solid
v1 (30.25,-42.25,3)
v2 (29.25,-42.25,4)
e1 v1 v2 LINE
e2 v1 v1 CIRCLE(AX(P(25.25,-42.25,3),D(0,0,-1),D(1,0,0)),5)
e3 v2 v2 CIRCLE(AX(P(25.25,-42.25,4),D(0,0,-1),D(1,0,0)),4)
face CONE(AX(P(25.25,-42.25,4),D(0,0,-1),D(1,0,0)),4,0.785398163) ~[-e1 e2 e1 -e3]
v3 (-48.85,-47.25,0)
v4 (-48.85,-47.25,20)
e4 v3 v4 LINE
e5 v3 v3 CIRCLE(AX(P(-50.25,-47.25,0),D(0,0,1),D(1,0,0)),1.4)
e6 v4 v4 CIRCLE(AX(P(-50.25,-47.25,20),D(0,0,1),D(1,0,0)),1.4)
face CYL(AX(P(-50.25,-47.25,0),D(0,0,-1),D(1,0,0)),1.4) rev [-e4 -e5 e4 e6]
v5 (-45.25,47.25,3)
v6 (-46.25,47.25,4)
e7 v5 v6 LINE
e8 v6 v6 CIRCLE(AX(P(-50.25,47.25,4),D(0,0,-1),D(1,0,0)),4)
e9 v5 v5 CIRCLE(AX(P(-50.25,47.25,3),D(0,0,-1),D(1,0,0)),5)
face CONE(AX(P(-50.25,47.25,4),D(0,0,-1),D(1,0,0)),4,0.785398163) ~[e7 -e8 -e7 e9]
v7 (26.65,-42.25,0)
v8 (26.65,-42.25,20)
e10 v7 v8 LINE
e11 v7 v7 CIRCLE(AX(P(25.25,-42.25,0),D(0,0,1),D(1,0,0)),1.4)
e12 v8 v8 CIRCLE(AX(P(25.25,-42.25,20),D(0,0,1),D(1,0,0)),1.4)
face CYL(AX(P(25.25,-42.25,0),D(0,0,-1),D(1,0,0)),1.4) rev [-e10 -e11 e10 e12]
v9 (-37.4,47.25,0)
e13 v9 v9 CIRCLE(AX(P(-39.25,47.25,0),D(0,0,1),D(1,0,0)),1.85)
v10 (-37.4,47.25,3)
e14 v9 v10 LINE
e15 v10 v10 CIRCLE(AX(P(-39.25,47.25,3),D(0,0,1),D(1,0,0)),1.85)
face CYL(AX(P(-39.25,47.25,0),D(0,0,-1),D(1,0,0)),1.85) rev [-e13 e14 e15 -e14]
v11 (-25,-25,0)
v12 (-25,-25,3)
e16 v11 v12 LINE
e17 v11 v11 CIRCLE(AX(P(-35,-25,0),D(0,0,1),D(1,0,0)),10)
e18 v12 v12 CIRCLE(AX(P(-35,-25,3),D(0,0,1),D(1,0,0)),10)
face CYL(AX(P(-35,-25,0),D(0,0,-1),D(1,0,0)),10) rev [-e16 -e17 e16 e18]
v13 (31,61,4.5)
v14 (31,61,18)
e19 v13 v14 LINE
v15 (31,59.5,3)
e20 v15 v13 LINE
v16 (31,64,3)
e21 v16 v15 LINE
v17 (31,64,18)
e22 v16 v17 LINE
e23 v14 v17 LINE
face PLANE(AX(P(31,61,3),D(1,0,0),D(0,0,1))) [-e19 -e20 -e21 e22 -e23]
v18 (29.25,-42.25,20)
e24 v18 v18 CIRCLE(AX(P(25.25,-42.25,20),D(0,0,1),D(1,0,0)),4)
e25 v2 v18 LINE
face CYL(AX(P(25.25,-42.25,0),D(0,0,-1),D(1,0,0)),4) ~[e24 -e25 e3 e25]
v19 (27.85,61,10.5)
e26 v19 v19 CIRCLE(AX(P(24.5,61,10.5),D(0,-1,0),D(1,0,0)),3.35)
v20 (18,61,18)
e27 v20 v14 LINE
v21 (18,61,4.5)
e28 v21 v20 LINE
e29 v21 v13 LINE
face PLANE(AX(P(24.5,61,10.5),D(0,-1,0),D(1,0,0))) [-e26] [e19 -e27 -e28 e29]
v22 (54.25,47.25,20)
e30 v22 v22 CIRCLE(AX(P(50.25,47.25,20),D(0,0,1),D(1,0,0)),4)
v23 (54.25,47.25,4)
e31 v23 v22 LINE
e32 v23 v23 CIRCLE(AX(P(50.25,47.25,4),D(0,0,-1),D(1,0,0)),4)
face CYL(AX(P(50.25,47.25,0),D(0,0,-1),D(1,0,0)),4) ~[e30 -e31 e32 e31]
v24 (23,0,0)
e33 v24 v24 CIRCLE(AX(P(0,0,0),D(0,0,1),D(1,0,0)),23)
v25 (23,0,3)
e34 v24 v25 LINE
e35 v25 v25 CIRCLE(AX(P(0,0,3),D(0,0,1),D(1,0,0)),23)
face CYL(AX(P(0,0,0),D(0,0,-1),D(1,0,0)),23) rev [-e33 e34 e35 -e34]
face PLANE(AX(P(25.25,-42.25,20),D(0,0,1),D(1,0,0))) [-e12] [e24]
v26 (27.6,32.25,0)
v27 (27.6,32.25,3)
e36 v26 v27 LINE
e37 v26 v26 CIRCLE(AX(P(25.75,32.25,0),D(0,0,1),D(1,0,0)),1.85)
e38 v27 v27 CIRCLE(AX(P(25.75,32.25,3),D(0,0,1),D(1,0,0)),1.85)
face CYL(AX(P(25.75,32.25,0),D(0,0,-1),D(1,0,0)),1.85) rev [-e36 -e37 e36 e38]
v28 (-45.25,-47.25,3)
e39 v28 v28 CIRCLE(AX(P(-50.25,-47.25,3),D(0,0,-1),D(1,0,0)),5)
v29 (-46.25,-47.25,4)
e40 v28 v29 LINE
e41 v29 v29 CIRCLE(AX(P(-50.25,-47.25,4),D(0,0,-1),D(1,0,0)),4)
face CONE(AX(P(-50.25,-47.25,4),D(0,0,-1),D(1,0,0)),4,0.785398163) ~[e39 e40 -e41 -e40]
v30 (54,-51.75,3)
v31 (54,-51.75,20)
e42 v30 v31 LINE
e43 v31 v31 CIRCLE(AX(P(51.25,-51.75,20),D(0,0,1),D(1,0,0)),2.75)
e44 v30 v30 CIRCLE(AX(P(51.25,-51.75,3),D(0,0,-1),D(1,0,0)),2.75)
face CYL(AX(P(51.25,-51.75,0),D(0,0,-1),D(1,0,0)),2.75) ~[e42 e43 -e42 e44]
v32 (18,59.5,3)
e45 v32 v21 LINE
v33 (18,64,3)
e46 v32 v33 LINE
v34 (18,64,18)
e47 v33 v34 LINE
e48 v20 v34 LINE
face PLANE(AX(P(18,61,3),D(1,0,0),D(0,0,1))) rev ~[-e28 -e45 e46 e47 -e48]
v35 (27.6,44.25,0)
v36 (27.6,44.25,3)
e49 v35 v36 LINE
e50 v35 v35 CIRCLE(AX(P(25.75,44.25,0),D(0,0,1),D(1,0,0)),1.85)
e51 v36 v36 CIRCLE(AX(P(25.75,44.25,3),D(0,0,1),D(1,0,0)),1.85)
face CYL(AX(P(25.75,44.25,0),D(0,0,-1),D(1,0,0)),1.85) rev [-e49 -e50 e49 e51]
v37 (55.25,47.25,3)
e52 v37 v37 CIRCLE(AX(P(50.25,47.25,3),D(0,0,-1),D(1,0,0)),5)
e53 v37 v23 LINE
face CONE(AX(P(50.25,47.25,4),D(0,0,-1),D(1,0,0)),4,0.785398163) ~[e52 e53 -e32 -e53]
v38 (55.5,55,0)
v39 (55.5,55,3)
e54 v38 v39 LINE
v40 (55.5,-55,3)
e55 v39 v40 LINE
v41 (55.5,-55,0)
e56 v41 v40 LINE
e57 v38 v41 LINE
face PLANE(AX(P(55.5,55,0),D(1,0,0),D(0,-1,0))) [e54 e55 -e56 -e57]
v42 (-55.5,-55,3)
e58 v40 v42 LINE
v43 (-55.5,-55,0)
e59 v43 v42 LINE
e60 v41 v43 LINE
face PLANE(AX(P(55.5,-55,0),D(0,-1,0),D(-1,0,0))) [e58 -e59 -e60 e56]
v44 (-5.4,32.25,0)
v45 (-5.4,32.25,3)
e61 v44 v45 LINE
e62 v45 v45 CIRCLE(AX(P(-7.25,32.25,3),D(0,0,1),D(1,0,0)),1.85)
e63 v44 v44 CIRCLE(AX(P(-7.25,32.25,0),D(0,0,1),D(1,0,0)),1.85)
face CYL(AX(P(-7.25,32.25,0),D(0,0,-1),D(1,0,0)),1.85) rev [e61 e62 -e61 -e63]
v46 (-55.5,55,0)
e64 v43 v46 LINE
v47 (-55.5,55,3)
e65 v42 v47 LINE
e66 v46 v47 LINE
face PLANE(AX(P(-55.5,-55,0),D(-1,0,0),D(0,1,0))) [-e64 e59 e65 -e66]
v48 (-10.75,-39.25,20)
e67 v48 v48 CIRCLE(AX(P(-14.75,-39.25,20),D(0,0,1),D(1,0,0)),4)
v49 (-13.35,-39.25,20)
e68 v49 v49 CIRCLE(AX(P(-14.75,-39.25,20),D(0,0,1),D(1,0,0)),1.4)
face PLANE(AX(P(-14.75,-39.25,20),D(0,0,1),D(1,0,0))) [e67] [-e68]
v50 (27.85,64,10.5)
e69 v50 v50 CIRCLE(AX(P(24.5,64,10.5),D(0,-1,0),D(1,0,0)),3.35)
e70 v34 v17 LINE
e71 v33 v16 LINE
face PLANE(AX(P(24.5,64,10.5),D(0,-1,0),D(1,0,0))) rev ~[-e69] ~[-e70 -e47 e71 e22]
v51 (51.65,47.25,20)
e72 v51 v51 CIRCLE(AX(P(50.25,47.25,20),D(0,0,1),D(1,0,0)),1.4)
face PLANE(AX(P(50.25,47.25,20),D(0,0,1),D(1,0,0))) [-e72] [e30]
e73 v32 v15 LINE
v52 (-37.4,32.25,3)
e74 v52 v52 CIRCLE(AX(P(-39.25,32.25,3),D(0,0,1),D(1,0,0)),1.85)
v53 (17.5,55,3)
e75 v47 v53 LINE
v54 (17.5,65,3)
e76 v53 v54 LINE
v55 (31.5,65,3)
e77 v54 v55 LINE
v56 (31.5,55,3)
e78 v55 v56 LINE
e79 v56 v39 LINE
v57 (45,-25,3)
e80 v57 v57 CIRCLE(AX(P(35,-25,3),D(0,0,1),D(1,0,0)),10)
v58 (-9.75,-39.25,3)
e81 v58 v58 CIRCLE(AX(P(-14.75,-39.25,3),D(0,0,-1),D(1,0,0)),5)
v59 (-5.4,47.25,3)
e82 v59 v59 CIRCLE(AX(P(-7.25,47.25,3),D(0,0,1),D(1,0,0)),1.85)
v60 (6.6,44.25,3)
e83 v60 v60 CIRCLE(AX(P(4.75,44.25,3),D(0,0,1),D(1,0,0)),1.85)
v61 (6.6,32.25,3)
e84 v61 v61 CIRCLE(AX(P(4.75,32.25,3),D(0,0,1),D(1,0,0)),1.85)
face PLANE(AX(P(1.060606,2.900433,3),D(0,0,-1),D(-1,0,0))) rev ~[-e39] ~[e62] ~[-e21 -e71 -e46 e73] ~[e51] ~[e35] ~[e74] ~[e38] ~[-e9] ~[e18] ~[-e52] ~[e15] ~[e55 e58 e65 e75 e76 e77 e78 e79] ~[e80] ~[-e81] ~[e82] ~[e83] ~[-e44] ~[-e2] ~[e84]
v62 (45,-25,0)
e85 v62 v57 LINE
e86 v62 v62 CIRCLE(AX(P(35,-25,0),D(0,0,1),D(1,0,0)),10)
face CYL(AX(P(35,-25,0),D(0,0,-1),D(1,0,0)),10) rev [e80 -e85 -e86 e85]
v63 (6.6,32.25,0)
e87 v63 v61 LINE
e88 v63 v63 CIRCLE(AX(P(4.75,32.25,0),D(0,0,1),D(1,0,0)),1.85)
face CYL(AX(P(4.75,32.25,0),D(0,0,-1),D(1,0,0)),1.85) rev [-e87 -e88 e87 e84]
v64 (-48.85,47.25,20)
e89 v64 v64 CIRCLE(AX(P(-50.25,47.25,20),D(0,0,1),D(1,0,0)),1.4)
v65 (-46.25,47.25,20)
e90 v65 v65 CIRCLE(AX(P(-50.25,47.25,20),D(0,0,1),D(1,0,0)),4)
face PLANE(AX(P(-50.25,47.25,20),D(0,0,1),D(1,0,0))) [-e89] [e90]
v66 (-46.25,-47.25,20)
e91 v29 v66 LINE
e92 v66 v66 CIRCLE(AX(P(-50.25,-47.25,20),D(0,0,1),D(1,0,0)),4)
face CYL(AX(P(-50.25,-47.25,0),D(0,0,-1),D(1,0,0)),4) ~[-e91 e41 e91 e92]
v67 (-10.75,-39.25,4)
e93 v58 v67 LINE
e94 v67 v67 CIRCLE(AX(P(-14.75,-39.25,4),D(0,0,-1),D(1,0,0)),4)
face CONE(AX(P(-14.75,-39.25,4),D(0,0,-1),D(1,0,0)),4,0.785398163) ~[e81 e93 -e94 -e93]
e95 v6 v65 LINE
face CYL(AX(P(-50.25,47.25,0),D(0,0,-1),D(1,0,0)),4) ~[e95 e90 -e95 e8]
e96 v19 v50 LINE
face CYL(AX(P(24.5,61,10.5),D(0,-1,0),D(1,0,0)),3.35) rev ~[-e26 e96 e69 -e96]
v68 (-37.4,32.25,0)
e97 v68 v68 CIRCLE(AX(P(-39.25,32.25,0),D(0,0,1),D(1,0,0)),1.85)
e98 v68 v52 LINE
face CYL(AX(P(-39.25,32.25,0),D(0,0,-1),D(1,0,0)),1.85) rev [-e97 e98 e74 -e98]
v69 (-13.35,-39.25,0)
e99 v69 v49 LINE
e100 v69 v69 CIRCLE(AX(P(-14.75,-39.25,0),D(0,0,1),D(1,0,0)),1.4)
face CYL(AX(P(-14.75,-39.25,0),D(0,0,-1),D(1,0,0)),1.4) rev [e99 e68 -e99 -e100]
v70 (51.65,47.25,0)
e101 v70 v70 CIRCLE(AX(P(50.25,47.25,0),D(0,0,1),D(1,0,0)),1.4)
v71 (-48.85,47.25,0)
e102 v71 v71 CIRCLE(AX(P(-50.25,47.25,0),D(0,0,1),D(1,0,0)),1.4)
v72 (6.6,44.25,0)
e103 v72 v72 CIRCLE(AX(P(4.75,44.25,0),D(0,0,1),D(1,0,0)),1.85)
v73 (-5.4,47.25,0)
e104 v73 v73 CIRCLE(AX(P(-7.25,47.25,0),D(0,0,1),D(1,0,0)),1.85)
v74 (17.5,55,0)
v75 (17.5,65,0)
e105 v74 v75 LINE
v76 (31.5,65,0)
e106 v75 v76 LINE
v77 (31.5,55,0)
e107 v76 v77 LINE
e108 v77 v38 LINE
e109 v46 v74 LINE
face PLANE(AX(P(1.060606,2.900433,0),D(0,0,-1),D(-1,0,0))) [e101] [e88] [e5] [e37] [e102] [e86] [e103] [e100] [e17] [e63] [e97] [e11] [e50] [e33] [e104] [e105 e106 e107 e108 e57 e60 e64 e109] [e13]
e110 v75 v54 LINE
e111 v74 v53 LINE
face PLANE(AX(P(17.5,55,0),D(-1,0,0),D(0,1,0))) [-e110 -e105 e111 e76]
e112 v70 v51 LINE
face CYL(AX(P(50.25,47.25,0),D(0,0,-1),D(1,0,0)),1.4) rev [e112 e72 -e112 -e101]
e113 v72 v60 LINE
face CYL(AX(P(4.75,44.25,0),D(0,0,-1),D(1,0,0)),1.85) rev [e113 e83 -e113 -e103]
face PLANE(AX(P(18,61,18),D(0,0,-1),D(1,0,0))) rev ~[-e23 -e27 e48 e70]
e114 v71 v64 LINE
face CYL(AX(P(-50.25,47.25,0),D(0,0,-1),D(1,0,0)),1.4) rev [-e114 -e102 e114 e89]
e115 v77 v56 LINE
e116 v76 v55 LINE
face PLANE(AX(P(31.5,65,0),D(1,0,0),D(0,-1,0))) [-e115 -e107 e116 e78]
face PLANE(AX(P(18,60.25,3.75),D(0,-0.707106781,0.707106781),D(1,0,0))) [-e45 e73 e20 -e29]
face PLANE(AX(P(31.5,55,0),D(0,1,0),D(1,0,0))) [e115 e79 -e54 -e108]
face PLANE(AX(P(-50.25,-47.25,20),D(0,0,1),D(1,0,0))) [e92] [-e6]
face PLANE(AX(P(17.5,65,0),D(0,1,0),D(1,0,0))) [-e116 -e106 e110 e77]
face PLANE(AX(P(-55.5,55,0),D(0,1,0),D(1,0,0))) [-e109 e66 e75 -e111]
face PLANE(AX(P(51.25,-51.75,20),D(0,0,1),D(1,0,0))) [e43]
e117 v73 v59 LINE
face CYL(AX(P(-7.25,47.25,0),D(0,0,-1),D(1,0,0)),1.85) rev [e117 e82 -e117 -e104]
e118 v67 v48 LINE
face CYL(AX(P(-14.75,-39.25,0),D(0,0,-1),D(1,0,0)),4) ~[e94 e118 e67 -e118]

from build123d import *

# Parameters (mm, degrees)
SKETCH001_R                          = 4
SKETCH001_R_2                        = 1.4
SKETCH001_R_3                        = 2.75
EXTRUDE001_DEPTH                     = 20
SKETCH002_AS_DRAWN_W                 = 13
SKETCH002_AS_DRAWN_H                 = 15
SKETCH002_AS_DRAWN_R                 = 3.35
EXTRUDE002_DEPTH                     = 3
EXTRUDE002_ONTO_SKETCH002_ROLL_ANGLE = 90
SKETCH_R                             = 1.9
SKETCH_R_2                           = 10
SKETCH_R_3                           = 23
SKETCH_R_4                           = 1.85
EXTRUDE_DEPTH                        = 3
CHAMFER_1_SIZE                       = 1.5
CHAMFER_2_SIZE                       = 1


with BuildPart() as extrude001:
    # Sketch001 → Extrude001 (new body)
    with BuildSketch(Plane.XY):
        with Locations((-50.25, -47.25)):
            Circle(SKETCH001_R)
        with Locations((-50.25, -47.25)):
            Circle(SKETCH001_R_2, mode=Mode.SUBTRACT)
        with Locations((50.25, 47.25)):
            Circle(SKETCH001_R)
        with Locations((50.25, 47.25)):
            Circle(SKETCH001_R_2, mode=Mode.SUBTRACT)
        with Locations((-50.25, 47.25)):
            Circle(SKETCH001_R)
        with Locations((-50.25, 47.25)):
            Circle(SKETCH001_R_2, mode=Mode.SUBTRACT)
        with Locations((25.25, -42.25)):
            Circle(SKETCH001_R)
        with Locations((25.25, -42.25)):
            Circle(SKETCH001_R_2, mode=Mode.SUBTRACT)
        with Locations((51.25, -51.75)):
            Circle(SKETCH001_R_3)
        with Locations((-14.75, -39.25)):
            Circle(SKETCH001_R)
        with Locations((-14.75, -39.25)):
            Circle(SKETCH001_R_2, mode=Mode.SUBTRACT)
    extrude(amount=EXTRUDE001_DEPTH)


with BuildPart() as extrude002:
    # Sketch002 as drawn → Extrude002 (new)
    with BuildSketch(Plane.XY):
        with Locations((36.5, 7.5)):
            Rectangle(SKETCH002_AS_DRAWN_W, SKETCH002_AS_DRAWN_H)
        with Locations((36.5, 7.5)):
            Circle(SKETCH002_AS_DRAWN_R, mode=Mode.SUBTRACT)
    extrude(amount=-EXTRUDE002_DEPTH)


with BuildPart() as extrude002_1:
    # Extrude002 onto Sketch002 roll: moved
    add(extrude002.part.rotate(Axis((0, 0, 0), (1, 0, 0)), EXTRUDE002_ONTO_SKETCH002_ROLL_ANGLE))


with BuildPart() as extrude002_2:
    # Extrude002 onto Sketch002 placement: moved
    add(extrude002_1.part)


with BuildPart() as extrude002_3:
    # Extrude002 placement: moved
    add(extrude002_2.part.moved(Location((-12, 61, 3))))


with BuildPart() as chamfer_body:
    # Sketch → Extrude (new body)
    with BuildSketch(Plane.XY):
        Polygon((55.5, 55), (55.5, -55), (-55.5, -55), (-55.5, 55), (17.5, 55), (17.5, 65), (31.5, 65), (31.5, 55), align=None)
        with Locations((-50.25, -47.25)):
            Circle(SKETCH_R, mode=Mode.SUBTRACT)
        with Locations((35, -25)):
            Circle(SKETCH_R_2, mode=Mode.SUBTRACT)
        with Locations((-35, -25)):
            Circle(SKETCH_R_2, mode=Mode.SUBTRACT)
        Circle(SKETCH_R_3, mode=Mode.SUBTRACT)
        with Locations((-39.25, 47.25)):
            Circle(SKETCH_R_4, mode=Mode.SUBTRACT)
        with Locations((-7.25, 47.25)):
            Circle(SKETCH_R_4, mode=Mode.SUBTRACT)
        with Locations((-39.25, 32.25)):
            Circle(SKETCH_R_4, mode=Mode.SUBTRACT)
        with Locations((-7.25, 32.25)):
            Circle(SKETCH_R_4, mode=Mode.SUBTRACT)
        with Locations((4.75, 44.25)):
            Circle(SKETCH_R_4, mode=Mode.SUBTRACT)
        with Locations((25.75, 44.25)):
            Circle(SKETCH_R_4, mode=Mode.SUBTRACT)
        with Locations((4.75, 32.25)):
            Circle(SKETCH_R_4, mode=Mode.SUBTRACT)
        with Locations((25.75, 32.25)):
            Circle(SKETCH_R_4, mode=Mode.SUBTRACT)
        with Locations((50.25, 47.25)):
            Circle(SKETCH_R, mode=Mode.SUBTRACT)
        with Locations((-50.25, 47.25)):
            Circle(SKETCH_R, mode=Mode.SUBTRACT)
        with Locations((25.25, -42.25)):
            Circle(SKETCH_R, mode=Mode.SUBTRACT)
        with Locations((-14.75, -39.25)):
            Circle(SKETCH_R, mode=Mode.SUBTRACT)
    extrude(amount=EXTRUDE_DEPTH)

    # Fusion: union Extrude001, Extrude002
    add(extrude001.part)
    add(extrude002_3.part)

    # Chamfer 1
    chamfer_1_edges = [chamfer_body.edges().sort_by_distance(p)[0] for p in [
        (24.5, 61, 3),
    ]]
    chamfer(chamfer_1_edges, length=CHAMFER_1_SIZE)

    # Chamfer 2
    chamfer_2_edges = [chamfer_body.edges().sort_by_distance(p)[0] for p in [
        (46.25, 47.25, 3),
        (21.25, -42.25, 3),
        (-18.75, -39.25, 3),
        (-54.25, -47.25, 3),
        (-54.25, 47.25, 3),
    ]]
    chamfer(chamfer_2_edges, length=CHAMFER_2_SIZE)


solid = chamfer_body.part
